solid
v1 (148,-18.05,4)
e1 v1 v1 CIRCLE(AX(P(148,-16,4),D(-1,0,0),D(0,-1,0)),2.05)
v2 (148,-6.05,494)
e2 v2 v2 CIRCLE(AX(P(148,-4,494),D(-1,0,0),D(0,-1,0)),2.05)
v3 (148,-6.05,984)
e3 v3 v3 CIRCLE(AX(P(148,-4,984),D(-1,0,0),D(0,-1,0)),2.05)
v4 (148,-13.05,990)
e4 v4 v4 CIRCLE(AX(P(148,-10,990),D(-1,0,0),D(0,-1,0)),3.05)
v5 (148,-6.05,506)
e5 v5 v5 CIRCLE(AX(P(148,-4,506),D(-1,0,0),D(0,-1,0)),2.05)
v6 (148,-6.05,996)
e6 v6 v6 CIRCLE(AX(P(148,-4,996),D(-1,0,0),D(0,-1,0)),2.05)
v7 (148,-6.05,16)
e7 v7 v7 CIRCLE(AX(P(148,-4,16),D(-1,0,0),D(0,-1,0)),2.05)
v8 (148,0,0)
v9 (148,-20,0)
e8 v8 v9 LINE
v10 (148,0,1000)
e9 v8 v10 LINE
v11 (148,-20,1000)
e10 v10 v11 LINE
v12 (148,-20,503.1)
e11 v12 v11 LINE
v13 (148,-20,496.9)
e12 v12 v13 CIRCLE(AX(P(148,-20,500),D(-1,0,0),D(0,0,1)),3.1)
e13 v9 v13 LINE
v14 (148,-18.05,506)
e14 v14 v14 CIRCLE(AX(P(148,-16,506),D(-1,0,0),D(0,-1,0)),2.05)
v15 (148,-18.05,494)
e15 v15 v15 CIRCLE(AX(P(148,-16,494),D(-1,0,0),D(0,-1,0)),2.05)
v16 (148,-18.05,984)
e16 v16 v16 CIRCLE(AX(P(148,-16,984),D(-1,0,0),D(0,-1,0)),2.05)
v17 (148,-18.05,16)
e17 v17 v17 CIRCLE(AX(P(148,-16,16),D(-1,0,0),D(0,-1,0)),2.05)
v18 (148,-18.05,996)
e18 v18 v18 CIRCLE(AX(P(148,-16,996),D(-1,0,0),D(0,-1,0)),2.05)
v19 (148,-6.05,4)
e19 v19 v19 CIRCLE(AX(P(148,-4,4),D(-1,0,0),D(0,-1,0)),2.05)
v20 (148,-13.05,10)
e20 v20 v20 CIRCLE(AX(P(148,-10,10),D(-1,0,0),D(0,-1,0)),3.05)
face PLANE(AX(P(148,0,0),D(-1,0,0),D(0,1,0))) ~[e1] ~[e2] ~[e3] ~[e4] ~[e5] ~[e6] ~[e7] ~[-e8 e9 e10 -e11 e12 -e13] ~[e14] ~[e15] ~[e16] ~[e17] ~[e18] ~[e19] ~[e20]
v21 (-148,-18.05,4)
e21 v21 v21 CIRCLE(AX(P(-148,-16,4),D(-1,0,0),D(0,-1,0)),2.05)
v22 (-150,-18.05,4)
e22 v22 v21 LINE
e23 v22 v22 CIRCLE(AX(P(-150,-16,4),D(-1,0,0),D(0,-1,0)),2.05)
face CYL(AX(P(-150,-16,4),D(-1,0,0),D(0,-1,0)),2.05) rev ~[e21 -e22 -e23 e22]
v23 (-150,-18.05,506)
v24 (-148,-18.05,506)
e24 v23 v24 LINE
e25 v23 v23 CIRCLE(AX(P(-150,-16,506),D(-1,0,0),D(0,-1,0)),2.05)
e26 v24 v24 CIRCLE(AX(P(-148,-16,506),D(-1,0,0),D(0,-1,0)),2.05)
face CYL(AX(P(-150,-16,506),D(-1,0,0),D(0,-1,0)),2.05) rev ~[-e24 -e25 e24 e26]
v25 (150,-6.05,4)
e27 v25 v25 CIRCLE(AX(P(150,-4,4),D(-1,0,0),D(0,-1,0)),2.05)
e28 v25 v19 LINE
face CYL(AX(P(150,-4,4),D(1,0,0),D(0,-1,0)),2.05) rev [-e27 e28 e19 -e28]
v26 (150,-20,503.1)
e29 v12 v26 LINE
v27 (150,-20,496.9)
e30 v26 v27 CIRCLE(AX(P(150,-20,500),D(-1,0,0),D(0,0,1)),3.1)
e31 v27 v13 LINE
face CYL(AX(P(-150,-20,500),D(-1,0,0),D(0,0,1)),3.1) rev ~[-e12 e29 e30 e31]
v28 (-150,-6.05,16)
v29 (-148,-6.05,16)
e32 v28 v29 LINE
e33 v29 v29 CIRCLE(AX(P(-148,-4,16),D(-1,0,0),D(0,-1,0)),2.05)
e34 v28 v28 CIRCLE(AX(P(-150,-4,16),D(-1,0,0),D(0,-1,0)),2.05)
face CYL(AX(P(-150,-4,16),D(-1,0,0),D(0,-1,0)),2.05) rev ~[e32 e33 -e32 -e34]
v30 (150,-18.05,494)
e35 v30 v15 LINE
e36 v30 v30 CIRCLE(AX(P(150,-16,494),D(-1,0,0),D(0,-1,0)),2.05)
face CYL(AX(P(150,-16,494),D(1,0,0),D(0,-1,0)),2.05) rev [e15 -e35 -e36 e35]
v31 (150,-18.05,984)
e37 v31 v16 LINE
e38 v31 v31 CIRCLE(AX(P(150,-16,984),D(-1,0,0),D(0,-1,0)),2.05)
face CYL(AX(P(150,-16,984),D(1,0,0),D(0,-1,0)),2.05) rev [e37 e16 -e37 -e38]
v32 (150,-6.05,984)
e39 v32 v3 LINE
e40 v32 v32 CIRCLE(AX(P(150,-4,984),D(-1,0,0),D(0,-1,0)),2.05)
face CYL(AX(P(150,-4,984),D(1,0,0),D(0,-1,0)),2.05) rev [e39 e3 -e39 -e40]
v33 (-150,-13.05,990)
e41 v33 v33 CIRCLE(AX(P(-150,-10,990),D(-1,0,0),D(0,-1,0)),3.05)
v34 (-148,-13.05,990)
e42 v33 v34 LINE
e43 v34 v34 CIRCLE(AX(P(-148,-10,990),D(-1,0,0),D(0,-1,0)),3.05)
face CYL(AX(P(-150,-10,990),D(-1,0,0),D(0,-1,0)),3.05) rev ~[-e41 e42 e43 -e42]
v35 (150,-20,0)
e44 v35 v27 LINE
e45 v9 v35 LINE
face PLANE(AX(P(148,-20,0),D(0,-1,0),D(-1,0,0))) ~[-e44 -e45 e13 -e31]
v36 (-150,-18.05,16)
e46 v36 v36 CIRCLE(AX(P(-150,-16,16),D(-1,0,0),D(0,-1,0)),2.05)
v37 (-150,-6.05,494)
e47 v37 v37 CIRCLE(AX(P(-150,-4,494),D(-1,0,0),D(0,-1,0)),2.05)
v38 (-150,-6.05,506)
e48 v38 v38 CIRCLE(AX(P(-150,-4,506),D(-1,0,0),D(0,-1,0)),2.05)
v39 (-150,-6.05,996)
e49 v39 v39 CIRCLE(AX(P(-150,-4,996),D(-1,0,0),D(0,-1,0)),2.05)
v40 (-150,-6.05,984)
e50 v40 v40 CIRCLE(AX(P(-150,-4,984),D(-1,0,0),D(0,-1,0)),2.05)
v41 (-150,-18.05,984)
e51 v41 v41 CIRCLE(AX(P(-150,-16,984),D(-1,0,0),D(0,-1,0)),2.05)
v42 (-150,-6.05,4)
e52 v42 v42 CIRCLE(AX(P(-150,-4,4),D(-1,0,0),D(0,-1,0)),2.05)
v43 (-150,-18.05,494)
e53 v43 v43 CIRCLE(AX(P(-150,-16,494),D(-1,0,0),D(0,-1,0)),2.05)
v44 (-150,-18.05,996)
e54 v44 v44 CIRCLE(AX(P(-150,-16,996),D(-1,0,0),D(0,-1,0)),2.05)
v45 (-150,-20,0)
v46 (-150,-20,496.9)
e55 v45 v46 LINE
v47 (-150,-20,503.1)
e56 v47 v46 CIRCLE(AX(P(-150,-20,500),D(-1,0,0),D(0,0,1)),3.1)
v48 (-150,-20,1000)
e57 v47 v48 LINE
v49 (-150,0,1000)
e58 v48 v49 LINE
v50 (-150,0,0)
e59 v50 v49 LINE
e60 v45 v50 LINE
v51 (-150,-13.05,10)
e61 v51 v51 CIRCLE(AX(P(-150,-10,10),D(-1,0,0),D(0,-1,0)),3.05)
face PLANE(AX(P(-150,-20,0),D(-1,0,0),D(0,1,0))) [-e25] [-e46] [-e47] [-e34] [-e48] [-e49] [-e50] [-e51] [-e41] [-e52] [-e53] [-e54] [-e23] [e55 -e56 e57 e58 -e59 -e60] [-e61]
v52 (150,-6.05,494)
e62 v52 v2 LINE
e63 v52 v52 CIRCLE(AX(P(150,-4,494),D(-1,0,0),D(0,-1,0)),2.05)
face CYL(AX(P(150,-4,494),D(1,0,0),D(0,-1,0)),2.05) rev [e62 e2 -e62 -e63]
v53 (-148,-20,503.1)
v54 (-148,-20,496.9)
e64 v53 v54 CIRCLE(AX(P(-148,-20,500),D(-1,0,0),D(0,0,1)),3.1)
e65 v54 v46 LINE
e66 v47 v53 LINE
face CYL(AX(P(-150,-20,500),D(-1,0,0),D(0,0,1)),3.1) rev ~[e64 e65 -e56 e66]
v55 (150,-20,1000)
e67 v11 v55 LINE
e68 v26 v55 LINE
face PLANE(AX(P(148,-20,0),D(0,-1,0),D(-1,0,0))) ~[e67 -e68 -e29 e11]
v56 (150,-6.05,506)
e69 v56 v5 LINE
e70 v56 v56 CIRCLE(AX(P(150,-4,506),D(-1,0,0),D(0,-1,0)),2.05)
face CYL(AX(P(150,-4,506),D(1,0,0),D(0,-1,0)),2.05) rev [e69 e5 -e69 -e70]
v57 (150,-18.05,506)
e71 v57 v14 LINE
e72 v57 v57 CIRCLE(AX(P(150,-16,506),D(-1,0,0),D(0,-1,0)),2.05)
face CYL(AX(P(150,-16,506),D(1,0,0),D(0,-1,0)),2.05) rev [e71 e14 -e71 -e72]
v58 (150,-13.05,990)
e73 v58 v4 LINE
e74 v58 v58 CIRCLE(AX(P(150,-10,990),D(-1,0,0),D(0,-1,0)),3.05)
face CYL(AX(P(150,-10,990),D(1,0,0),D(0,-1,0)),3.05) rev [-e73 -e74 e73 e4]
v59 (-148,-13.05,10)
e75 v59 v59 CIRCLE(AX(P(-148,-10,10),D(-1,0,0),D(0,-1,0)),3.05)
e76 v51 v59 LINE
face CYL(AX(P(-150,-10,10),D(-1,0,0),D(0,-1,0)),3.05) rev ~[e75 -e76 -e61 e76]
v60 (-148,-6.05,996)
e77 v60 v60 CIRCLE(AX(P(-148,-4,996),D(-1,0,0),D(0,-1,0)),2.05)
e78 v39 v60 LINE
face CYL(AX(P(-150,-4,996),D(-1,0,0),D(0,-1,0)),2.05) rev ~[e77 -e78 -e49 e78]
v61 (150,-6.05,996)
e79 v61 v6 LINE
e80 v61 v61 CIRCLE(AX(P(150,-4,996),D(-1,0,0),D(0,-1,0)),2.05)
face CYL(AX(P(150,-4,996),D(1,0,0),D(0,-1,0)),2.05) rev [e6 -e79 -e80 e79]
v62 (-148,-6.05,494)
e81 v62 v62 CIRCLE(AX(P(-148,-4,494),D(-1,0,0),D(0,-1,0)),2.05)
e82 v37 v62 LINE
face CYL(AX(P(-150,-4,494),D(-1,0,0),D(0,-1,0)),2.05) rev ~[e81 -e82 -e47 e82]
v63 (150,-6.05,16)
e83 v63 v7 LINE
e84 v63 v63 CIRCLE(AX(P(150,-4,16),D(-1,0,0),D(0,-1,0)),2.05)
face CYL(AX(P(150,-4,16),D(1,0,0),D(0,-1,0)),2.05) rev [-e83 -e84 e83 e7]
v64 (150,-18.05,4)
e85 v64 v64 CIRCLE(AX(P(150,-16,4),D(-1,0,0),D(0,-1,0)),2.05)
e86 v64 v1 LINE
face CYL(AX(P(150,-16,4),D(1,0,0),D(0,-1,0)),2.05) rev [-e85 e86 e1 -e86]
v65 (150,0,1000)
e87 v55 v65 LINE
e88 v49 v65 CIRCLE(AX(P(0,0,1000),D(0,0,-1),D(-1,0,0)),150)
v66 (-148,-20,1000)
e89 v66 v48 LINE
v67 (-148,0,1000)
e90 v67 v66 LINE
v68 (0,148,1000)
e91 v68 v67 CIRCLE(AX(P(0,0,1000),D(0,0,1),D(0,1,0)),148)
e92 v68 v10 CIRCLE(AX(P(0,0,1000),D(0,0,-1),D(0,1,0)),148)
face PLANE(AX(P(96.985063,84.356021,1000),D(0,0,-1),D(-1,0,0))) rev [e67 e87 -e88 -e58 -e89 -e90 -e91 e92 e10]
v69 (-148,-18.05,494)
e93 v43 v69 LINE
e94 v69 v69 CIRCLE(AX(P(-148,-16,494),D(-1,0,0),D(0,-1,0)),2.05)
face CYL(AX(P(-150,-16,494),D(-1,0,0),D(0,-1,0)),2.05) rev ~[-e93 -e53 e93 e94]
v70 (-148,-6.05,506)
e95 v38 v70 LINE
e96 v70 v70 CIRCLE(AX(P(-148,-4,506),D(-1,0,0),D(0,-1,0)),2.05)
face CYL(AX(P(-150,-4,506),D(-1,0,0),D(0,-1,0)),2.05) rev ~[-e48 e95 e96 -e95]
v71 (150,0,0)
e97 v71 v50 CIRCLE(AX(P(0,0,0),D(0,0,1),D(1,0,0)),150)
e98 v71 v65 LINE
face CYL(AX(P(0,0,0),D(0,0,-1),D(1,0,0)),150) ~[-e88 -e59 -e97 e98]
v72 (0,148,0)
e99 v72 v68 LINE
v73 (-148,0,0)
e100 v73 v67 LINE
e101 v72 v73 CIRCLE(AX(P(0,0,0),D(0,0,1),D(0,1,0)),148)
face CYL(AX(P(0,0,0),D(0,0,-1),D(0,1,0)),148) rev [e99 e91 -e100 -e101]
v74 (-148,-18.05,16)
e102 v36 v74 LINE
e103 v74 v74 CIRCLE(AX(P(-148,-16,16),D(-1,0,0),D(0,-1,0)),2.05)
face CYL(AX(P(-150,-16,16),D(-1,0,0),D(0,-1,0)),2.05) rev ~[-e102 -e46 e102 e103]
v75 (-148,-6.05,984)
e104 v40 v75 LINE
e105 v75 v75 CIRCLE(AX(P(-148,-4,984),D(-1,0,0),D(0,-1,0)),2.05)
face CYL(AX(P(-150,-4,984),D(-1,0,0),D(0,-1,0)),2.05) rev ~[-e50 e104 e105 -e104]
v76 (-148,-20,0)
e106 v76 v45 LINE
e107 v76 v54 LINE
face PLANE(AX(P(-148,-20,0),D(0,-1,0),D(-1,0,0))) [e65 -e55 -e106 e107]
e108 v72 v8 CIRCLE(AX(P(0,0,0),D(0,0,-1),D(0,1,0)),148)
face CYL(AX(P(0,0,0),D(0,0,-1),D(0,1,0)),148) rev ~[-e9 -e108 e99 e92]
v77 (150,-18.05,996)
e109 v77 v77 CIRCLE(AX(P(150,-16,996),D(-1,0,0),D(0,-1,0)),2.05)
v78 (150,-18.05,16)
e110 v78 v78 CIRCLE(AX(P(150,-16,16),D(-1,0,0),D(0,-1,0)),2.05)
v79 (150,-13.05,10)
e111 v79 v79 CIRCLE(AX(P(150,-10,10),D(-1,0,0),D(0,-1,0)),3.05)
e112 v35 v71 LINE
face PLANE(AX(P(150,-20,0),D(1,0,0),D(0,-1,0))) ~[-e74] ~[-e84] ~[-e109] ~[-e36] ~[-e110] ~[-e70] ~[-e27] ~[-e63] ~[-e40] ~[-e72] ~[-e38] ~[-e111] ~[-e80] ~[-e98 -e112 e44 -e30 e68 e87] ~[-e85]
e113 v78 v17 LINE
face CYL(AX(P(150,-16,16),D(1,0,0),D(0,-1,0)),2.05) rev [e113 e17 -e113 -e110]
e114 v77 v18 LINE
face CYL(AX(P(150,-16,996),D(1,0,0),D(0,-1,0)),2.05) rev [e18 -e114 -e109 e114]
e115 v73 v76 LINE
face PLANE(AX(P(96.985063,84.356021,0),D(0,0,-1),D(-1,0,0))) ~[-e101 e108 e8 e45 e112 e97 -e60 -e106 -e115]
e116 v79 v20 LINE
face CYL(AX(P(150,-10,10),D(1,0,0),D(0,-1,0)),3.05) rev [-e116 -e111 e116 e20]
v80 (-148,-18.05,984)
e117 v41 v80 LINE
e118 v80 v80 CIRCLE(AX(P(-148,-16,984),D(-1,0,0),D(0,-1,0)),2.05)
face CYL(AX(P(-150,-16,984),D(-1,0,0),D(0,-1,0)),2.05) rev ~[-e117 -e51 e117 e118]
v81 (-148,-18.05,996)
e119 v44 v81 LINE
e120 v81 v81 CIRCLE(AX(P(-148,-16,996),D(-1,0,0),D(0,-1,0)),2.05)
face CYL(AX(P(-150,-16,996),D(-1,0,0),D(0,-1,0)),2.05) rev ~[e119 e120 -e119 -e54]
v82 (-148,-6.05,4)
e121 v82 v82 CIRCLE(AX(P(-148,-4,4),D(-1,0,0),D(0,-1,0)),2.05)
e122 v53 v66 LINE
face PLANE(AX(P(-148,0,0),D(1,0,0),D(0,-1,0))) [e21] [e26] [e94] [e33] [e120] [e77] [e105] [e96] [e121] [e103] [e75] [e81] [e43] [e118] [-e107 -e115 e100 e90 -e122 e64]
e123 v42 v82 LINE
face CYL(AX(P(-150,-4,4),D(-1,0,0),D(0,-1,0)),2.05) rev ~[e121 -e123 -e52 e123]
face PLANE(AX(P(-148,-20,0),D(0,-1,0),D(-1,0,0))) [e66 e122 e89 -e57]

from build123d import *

# Parameters (mm, degrees)
BOSS_EXTRU_1_DEPTH      = 1000
ESQUISSE2_R             = 3.05
ENL_V_MAT_EXTRU_1_DEPTH = 500
ESQUISSE3_R             = 2.05
ENL_V_MAT_EXTRU_2_DEPTH = 5
ESQUISSE4_R             = 3.1
ENL_V_MAT_EXTRU_3_DEPTH = 310


with BuildPart() as part:
    # Esquisse1 → Boss.-Extru.1 (new body)
    with BuildSketch(Plane.XY):
        with BuildLine():
            Line((0, 150), (0, 148))
            ThreePointArc((0, 148), (-104.651803616, 104.651803616), (-148, 0))
            Line((-148, 0), (-148, -20))
            Line((-148, -20), (-150, -20))
            Line((-150, -20), (-150, 0))
            ThreePointArc((-150, 0), (-106.066017178, 106.066017178), (0, 150))
        make_face()
    extrude(amount=BOSS_EXTRU_1_DEPTH)

    # Esquisse2 → Enlèv. mat.-Extru.1 (cut)
    with BuildSketch(Plane.ZY.offset(150)):
        with Locations(Location((10, -10, 0), (0, 0, 270))):
            Circle(ESQUISSE2_R)
        with Locations(Location((990, -10, 0), (0, 0, 270))):
            Circle(ESQUISSE2_R)
    extrude(amount=-ENL_V_MAT_EXTRU_1_DEPTH, mode=Mode.SUBTRACT)

    # Esquisse3 → Enlèv. mat.-Extru.2 (cut)
    with BuildSketch(Plane.ZY.offset(150)):
        with Locations(Location((4, -4, 0), (0, 0, 270))):
            Circle(ESQUISSE3_R)
        with Locations(Location((16, -4, 0), (0, 0, 270))):
            Circle(ESQUISSE3_R)
        with Locations(Location((4, -16, 0), (0, 0, 270))):
            Circle(ESQUISSE3_R)
        with Locations(Location((16, -16, 0), (0, 0, 270))):
            Circle(ESQUISSE3_R)
        with Locations(Location((494, -4, 0), (0, 0, 270))):
            Circle(ESQUISSE3_R)
        with Locations(Location((506, -4, 0), (0, 0, 270))):
            Circle(ESQUISSE3_R)
        with Locations(Location((494, -16, 0), (0, 0, 270))):
            Circle(ESQUISSE3_R)
        with Locations(Location((506, -16, 0), (0, 0, 270))):
            Circle(ESQUISSE3_R)
        with Locations(Location((984, -4, 0), (0, 0, 270))):
            Circle(ESQUISSE3_R)
        with Locations(Location((996, -4, 0), (0, 0, 270))):
            Circle(ESQUISSE3_R)
        with Locations(Location((984, -16, 0), (0, 0, 270))):
            Circle(ESQUISSE3_R)
        with Locations(Location((996, -16, 0), (0, 0, 270))):
            Circle(ESQUISSE3_R)
    extrude(amount=-ENL_V_MAT_EXTRU_2_DEPTH, mode=Mode.SUBTRACT)

    # Symétrie2: part across plane


with BuildPart() as part_1:
    add(part.part)
    add(part.part.mirror(Plane(origin=(0, 150, 1000), x_dir=(0, 0, 1), z_dir=(-1, 0, 0))))

    # Esquisse4 → Enlèv. mat.-Extru.3 (cut)
    with BuildSketch(Plane.ZY.offset(150)):
        with Locations((500, -20)):
            Circle(ESQUISSE4_R)
    extrude(amount=-ENL_V_MAT_EXTRU_3_DEPTH, mode=Mode.SUBTRACT)


solid = part_1.part
